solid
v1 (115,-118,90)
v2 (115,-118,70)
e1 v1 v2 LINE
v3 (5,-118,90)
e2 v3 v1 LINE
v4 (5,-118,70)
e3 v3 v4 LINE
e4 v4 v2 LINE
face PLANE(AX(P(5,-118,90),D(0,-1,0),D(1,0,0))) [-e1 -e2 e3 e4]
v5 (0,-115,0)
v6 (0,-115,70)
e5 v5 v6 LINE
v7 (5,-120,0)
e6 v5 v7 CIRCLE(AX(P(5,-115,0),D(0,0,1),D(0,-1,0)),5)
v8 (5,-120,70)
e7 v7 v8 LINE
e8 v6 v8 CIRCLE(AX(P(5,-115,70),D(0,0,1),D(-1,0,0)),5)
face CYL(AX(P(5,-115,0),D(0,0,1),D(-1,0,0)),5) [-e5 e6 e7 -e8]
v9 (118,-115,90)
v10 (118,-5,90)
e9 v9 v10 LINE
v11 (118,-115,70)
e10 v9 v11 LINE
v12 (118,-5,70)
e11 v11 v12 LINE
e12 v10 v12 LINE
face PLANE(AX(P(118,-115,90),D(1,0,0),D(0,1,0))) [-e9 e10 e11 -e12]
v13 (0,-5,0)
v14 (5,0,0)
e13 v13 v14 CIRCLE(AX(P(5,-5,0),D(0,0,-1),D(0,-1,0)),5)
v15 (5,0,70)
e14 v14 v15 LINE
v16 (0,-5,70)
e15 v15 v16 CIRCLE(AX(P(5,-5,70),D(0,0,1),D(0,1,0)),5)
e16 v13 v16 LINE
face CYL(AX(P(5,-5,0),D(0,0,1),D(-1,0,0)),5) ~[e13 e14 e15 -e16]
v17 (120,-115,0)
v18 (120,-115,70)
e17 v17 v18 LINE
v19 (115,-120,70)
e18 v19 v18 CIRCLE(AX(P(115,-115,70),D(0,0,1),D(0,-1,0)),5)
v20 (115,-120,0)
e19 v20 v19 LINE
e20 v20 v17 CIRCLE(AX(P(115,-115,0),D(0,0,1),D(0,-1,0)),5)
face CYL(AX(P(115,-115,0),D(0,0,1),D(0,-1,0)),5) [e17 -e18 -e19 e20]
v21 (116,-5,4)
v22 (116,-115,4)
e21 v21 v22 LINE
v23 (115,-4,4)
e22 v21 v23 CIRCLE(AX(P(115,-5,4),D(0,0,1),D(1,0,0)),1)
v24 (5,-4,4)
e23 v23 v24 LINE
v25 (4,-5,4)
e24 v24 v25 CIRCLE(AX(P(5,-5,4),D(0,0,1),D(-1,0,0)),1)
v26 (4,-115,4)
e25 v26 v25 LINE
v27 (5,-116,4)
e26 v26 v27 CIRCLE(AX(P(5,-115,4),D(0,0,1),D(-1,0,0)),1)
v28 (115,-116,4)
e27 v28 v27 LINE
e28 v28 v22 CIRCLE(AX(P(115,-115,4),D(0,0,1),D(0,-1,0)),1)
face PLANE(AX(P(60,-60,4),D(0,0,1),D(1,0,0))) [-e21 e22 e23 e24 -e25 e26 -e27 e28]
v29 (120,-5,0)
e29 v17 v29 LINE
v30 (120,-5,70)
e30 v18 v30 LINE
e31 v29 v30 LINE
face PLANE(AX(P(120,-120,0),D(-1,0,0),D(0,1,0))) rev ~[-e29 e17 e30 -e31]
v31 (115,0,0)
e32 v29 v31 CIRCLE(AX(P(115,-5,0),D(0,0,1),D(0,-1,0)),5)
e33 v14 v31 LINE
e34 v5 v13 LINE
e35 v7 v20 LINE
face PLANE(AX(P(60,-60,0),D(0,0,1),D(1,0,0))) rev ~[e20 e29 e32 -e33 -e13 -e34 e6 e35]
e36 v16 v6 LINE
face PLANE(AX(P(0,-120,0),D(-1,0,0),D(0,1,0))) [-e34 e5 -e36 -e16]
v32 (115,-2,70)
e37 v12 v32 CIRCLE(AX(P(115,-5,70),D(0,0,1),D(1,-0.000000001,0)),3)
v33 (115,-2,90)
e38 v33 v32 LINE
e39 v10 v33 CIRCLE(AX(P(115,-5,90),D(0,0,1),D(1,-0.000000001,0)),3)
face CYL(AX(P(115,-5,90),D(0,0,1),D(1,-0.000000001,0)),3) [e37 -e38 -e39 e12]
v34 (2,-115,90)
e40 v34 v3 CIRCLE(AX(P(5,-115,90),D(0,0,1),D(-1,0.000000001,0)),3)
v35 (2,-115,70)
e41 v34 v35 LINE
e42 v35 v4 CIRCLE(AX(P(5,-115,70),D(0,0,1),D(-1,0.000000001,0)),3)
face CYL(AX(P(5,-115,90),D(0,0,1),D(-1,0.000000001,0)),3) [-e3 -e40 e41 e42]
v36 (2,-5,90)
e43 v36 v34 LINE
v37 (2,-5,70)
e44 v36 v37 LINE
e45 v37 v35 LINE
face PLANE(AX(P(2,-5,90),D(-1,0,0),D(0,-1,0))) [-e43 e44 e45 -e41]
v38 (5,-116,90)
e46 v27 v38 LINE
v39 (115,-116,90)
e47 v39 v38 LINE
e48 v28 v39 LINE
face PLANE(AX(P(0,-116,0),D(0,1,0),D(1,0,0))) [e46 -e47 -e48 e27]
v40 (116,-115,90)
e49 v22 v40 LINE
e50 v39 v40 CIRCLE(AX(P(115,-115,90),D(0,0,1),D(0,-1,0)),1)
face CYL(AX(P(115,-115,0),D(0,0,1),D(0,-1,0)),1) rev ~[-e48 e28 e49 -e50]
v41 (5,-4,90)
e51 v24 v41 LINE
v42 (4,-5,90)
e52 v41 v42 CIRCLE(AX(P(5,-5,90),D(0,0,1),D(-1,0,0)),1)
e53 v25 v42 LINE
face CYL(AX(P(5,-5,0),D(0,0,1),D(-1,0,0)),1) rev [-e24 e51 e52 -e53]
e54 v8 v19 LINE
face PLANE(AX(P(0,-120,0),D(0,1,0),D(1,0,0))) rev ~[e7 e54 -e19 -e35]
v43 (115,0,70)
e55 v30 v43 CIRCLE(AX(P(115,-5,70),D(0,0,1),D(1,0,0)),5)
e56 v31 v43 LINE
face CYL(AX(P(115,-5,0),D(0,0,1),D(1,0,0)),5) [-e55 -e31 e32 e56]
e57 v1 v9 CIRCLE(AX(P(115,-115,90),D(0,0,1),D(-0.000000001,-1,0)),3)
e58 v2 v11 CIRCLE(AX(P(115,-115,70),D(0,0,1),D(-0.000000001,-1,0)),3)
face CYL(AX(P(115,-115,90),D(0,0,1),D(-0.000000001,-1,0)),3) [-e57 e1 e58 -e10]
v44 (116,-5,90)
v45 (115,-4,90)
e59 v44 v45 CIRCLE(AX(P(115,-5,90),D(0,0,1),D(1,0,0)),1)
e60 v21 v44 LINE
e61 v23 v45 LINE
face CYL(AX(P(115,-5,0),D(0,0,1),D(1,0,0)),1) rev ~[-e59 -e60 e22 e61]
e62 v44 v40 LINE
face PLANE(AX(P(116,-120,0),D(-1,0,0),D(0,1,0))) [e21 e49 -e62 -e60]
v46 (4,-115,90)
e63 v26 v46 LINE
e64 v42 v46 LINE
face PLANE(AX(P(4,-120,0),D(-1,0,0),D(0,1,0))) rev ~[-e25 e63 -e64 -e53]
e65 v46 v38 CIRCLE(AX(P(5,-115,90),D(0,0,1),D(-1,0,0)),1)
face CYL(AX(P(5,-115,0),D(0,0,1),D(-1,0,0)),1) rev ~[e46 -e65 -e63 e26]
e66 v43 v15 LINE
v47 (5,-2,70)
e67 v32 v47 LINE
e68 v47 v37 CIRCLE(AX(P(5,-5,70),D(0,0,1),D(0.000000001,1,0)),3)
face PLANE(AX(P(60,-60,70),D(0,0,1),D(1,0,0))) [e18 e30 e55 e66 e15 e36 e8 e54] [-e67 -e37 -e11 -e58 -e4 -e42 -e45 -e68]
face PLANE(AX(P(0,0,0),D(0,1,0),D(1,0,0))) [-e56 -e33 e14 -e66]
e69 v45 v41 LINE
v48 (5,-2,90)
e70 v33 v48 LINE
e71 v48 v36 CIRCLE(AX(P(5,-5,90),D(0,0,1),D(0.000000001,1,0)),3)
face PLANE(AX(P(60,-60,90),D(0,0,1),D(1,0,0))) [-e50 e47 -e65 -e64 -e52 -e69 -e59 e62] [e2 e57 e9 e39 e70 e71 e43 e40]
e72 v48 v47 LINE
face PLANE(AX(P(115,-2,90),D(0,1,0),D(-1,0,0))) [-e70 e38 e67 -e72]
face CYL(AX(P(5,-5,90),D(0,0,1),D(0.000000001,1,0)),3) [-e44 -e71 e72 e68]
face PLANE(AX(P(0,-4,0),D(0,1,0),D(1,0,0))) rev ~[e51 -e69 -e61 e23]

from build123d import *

# Parameters (mm, degrees)
SKETCH1_W           = 120
SKETCH1_H           = 120
BOSS_EXTRUDE1_DEPTH = 90
FILLET1_R           = 5
SHELL1_T            = -4
CUT_EXTRUDE1_DEPTH  = 20


with BuildPart() as part:
    # Sketch1 → Boss-Extrude1 (new body)
    with BuildSketch(Plane.XY):
        with Locations((60, -60)):
            Rectangle(SKETCH1_W, SKETCH1_H)
    extrude(amount=BOSS_EXTRUDE1_DEPTH)

    # Fillet1
    fillet1_edges = [part.edges().sort_by_distance(p)[0] for p in [
        (0, 0, 45),
        (120, 0, 45),
        (120, -120, 45),
        (0, -120, 45),
    ]]
    fillet(fillet1_edges, radius=FILLET1_R)

    # Shell1
    shell1_openings = [part.faces().sort_by_distance(p)[0] for p in [
        (60, -60, 90),
    ]]
    offset(amount=SHELL1_T, openings=shell1_openings, kind=Kind.INTERSECTION)

    # Sketch3 → Cut-Extrude1 (cut)
    with BuildSketch(Plane.XY.offset(90)):
        with BuildLine():
            Line((0, -5), (0, -115))
            ThreePointArc((0, -115), (1.464466094, -118.535533906), (5, -120))
            Line((5, -120), (115, -120))
            ThreePointArc((115, -120), (118.535533906, -118.535533906), (120, -115))
            Line((120, -115), (120, -5))
            ThreePointArc((120, -5), (118.535533906, -1.464466094), (115, 0))
            Line((115, 0), (5, 0))
            ThreePointArc((5, 0), (1.464466094, -1.464466094), (0, -5))
        make_face()
        with BuildLine():
            Line((2, -5), (2, -115))
            ThreePointArc((2, -115), (2.878679656, -117.121320344), (5, -118))
            Line((5, -118), (115, -118))
            ThreePointArc((115, -118), (117.121320344, -117.121320344), (118, -115))
            Line((118, -115), (118, -5))
            ThreePointArc((118, -5), (117.121320344, -2.878679656), (115, -2))
            Line((115, -2), (5, -2))
            ThreePointArc((5, -2), (2.878679656, -2.878679656), (2, -5))
        make_face(mode=Mode.SUBTRACT)
    extrude(amount=-CUT_EXTRUDE1_DEPTH, mode=Mode.SUBTRACT)


solid = part.part
